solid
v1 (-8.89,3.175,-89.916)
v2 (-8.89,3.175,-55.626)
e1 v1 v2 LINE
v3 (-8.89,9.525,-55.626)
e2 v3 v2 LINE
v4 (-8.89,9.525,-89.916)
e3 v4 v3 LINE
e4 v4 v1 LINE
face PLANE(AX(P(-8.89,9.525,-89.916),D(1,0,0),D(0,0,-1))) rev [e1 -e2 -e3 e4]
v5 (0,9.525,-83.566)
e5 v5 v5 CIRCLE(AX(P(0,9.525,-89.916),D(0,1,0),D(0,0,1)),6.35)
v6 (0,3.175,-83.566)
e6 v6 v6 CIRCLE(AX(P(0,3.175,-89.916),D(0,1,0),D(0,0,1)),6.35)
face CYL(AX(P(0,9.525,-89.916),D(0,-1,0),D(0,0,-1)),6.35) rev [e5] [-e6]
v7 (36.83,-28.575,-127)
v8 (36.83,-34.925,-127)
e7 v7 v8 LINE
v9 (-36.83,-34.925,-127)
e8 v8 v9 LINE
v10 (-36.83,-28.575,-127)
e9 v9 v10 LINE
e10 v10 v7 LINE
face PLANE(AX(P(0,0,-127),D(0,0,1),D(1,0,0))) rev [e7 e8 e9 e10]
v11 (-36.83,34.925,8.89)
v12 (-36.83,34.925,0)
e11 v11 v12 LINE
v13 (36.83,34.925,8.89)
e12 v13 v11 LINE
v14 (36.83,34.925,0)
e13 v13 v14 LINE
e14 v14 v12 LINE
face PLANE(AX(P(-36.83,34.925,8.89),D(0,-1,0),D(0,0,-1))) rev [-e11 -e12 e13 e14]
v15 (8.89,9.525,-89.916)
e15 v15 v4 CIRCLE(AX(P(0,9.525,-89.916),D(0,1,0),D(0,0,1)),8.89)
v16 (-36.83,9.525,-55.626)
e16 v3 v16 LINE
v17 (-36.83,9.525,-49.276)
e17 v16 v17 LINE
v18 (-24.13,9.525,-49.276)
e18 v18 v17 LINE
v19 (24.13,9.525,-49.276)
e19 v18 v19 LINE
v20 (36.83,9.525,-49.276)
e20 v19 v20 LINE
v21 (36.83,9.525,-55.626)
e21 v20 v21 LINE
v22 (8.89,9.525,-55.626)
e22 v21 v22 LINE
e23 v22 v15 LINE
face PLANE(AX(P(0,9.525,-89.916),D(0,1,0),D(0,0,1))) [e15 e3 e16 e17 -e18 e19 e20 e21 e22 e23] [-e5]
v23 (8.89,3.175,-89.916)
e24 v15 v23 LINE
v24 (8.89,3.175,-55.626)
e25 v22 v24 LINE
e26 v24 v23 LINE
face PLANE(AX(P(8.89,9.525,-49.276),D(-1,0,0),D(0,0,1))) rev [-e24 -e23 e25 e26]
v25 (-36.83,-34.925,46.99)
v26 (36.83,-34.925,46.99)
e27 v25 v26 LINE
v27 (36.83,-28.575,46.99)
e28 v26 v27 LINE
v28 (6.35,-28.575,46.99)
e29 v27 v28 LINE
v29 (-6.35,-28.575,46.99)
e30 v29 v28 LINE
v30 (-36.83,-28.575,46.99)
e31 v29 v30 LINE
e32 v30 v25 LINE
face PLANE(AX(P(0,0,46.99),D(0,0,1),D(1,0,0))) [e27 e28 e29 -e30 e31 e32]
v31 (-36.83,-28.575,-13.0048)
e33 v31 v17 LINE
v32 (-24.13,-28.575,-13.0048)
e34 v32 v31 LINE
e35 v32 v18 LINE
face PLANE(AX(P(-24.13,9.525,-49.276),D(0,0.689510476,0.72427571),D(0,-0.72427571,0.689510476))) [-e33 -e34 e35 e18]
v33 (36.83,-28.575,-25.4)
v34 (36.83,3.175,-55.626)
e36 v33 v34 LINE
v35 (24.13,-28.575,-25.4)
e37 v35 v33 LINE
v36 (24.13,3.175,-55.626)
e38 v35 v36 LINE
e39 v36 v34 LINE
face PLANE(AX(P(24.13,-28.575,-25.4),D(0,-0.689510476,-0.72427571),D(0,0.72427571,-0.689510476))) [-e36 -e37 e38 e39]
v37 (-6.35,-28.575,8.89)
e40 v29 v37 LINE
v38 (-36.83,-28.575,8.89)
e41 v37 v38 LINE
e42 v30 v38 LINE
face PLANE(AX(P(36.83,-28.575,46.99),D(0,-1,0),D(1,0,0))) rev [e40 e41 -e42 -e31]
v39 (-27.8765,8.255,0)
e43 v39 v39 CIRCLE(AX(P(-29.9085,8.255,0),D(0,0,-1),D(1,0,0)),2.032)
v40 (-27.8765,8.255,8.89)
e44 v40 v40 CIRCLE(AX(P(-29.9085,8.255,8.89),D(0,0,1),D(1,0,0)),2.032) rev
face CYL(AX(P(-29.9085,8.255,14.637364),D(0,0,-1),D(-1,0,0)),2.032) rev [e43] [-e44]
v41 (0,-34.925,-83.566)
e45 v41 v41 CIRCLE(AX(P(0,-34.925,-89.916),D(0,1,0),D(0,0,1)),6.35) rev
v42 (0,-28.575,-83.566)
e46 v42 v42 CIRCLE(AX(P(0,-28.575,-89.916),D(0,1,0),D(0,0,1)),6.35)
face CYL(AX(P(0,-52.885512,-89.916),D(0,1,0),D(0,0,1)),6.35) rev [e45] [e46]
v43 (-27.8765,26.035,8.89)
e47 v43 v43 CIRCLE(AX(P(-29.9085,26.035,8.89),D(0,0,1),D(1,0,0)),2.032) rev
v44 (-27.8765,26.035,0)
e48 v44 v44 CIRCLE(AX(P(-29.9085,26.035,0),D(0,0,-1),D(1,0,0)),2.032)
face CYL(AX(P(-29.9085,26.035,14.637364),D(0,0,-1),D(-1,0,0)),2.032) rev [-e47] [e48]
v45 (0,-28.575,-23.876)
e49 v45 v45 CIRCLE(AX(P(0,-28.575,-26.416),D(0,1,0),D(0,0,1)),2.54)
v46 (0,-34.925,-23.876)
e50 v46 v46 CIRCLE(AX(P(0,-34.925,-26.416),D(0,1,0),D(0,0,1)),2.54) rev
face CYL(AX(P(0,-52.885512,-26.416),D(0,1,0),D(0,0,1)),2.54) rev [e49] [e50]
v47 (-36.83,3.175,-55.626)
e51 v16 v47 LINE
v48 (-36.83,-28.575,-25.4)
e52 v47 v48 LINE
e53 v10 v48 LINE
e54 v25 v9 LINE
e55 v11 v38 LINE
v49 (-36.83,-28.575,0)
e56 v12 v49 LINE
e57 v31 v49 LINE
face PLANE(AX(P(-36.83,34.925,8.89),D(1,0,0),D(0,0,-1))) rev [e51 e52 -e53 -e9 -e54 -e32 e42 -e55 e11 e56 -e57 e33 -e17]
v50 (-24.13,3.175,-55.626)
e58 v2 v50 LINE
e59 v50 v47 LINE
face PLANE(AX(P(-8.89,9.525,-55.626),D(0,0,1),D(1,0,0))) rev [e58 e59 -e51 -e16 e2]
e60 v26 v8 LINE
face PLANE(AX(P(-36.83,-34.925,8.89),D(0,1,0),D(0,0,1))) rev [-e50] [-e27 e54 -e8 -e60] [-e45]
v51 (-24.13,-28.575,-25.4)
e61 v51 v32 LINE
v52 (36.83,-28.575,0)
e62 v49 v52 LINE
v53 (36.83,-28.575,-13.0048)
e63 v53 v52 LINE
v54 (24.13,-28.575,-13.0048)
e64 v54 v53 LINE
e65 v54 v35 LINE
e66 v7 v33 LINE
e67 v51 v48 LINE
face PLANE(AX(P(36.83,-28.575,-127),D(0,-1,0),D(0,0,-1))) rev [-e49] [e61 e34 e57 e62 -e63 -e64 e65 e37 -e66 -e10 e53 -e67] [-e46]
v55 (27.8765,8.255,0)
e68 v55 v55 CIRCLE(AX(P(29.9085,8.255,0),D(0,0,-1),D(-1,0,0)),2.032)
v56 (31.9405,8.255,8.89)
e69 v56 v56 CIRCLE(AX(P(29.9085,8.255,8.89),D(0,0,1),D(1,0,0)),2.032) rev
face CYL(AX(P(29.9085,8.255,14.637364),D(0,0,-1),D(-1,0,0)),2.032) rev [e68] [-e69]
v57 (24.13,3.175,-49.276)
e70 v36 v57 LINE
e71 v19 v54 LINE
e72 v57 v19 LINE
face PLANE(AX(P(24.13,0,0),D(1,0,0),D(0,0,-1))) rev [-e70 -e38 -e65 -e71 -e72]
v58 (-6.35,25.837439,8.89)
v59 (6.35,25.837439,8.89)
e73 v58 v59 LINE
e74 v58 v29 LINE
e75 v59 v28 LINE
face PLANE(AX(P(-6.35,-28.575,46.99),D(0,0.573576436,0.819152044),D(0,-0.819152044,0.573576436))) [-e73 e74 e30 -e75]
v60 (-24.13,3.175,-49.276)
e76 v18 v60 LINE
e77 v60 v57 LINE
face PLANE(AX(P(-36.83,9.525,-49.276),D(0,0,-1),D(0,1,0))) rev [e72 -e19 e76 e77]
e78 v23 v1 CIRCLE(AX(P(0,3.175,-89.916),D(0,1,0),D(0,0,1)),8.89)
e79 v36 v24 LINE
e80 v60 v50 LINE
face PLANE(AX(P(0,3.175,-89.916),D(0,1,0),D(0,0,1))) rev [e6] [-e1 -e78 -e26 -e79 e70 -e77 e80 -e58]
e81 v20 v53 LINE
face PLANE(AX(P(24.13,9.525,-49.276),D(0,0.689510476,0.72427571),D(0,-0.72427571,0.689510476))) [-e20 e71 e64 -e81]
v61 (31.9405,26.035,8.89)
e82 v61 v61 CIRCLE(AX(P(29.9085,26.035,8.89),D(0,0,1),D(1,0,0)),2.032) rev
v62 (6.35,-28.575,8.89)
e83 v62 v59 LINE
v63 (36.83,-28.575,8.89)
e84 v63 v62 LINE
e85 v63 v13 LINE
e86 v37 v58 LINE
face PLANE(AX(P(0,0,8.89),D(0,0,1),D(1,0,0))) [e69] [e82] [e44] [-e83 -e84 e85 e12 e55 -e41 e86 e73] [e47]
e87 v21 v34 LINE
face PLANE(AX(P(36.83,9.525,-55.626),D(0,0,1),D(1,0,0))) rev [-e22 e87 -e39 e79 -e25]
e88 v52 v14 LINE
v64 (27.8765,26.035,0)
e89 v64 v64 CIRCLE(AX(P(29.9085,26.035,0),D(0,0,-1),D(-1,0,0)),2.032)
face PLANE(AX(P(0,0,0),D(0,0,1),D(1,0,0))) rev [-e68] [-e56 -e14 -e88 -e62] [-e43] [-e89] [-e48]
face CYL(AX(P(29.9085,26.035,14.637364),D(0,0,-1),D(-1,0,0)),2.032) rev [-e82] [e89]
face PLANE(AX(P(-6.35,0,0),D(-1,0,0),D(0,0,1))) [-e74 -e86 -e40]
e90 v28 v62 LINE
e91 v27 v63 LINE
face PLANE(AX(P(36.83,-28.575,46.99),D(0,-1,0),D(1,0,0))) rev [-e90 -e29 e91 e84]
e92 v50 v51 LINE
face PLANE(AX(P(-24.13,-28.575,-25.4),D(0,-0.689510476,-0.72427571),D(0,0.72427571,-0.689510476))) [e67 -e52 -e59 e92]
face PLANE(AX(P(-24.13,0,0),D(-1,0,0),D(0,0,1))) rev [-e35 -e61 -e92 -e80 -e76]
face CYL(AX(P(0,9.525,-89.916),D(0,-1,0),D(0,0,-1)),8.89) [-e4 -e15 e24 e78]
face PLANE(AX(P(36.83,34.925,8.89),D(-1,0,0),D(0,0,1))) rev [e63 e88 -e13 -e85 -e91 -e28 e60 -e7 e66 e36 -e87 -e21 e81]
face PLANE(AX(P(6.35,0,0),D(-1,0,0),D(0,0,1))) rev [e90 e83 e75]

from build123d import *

# Parameters (mm, degrees)
SKETCH1_W            = 73.66
SKETCH1_H            = 69.85
BOSS_EXTRUDE1_DEPTH  = 8.89
SKETCH2_R            = 2.032
CUT_EXTRUDE1_DEPTH   = 8.89
SKETCH3_W            = 73.66
SKETCH3_H            = 6.35
BOSS_EXTRUDE2_DEPTH  = 127
SKETCH4_W            = 73.66
SKETCH4_H            = 6.35
BOSS_EXTRUDE3_DEPTH  = 38.1
BOSS_EXTRUDE4_START  = -36.83
BOSS_EXTRUDE4_DEPTH  = 6.35
SKETCH7_R            = 2.54
SKETCH7_R_2          = 6.35
CUT_EXTRUDE2_DEPTH   = 6.35
BOSS_EXTRUDE15_DEPTH = 12.7
SKETCH23_R           = 6.35
BOSS_EXTRUDE16_DEPTH = 6.35
BOSS_EXTRUDE17_DEPTH = 12.7
SKETCH25_W           = 27.94
SKETCH25_H           = 6.35
BOSS_EXTRUDE18_DEPTH = 6.35


with BuildPart() as part:
    # Sketch1 → Boss-Extrude1 (new body)
    with BuildSketch(Plane.XY):
        Rectangle(SKETCH1_W, SKETCH1_H)
    extrude(amount=BOSS_EXTRUDE1_DEPTH)

    # Sketch2 → Cut-Extrude1 (cut)
    with BuildSketch(Plane(origin=(0, 0, 0), x_dir=(-1, 0, 0), z_dir=(0, 0, -1))):
        with Locations((-29.9085, 26.035)):
            Circle(SKETCH2_R)
        with Locations((-29.9085, 8.255)):
            Circle(SKETCH2_R)
        with Locations((29.9085, 8.255)):
            Circle(SKETCH2_R)
        with Locations((29.9085, 26.035)):
            Circle(SKETCH2_R)
    extrude(amount=-CUT_EXTRUDE1_DEPTH, mode=Mode.SUBTRACT)

    # Sketch3 → Boss-Extrude2 (add)
    with BuildSketch(Plane(origin=(0, 0, 0), x_dir=(-1, 0, 0), z_dir=(0, 0, -1))):
        with Locations((0, -31.75)):
            Rectangle(SKETCH3_W, SKETCH3_H)
    extrude(amount=BOSS_EXTRUDE2_DEPTH)

    # Sketch4 → Boss-Extrude3 (add)
    with BuildSketch(Plane.XY.offset(8.89)):
        with Locations((0, -31.75)):
            Rectangle(SKETCH4_W, SKETCH4_H)
    extrude(amount=BOSS_EXTRUDE3_DEPTH)

    # Sketch5 → Boss-Extrude4 (add, symmetric)
    with BuildSketch(Plane(origin=(36.83, 0, 0), x_dir=(0, 0, -1), z_dir=(1, 0, 0)).offset(BOSS_EXTRUDE4_START)):
        Polygon((-46.99, -28.575), (-8.89, 25.837439057), (-8.89, -28.575), align=None)
    extrude(amount=BOSS_EXTRUDE4_DEPTH, both=True)

    # Sketch7 → Cut-Extrude2 (cut)
    with BuildSketch(Plane(origin=(0, -28.575, 0), x_dir=(1, 0, 0), z_dir=(0, 1, 0))):
        with Locations((0, 26.416)):
            Circle(SKETCH7_R)
        with Locations((0, 89.916)):
            Circle(SKETCH7_R_2)
    extrude(amount=-CUT_EXTRUDE2_DEPTH, mode=Mode.SUBTRACT)

    # Sketch21 → Boss-Extrude15 (add)
    with BuildSketch(Plane.ZY.offset(36.83)):
        Polygon((-25.4, -28.575), (-55.626, 3.175), (-49.276, 3.175), (-49.276, 9.525), (-13.0048, -28.575), align=None)
    extrude(amount=-BOSS_EXTRUDE15_DEPTH)

    # Sketch23 → Boss-Extrude16 (add)
    with BuildSketch(Plane(origin=(0, 3.175, 0), x_dir=(1, 0, 0), z_dir=(0, 1, 0))):
        with BuildLine():
            Line((-36.83, 49.276), (8.89, 49.276))
            Line((8.89, 49.276), (8.89, 89.916))
            ThreePointArc((8.89, 89.916), (0, 98.806), (-8.89, 89.916))
            Line((-8.89, 89.916), (-8.89, 55.626))
            Line((-8.89, 55.626), (-36.83, 55.626))
            Line((-36.83, 55.626), (-36.83, 49.276))
        make_face()
        with Locations((0, 89.916)):
            Circle(SKETCH23_R, mode=Mode.SUBTRACT)
    extrude(amount=BOSS_EXTRUDE16_DEPTH)

    # Sketch24 → Boss-Extrude17 (add)
    with BuildSketch(Plane(origin=(36.83, 0, 0), x_dir=(0, 0, -1), z_dir=(1, 0, 0))):
        Polygon((25.4, -28.575), (55.626, 3.175), (49.276, 3.175), (49.276, 9.525), (13.0048, -28.575), align=None)
    extrude(amount=-BOSS_EXTRUDE17_DEPTH)

    # Sketch25 → Boss-Extrude18 (add)
    with BuildSketch(Plane(origin=(0, 3.175, 0), x_dir=(1, 0, 0), z_dir=(0, 1, 0))):
        with Locations((22.86, 52.451)):
            Rectangle(SKETCH25_W, SKETCH25_H)
    extrude(amount=BOSS_EXTRUDE18_DEPTH)


solid = part.part
